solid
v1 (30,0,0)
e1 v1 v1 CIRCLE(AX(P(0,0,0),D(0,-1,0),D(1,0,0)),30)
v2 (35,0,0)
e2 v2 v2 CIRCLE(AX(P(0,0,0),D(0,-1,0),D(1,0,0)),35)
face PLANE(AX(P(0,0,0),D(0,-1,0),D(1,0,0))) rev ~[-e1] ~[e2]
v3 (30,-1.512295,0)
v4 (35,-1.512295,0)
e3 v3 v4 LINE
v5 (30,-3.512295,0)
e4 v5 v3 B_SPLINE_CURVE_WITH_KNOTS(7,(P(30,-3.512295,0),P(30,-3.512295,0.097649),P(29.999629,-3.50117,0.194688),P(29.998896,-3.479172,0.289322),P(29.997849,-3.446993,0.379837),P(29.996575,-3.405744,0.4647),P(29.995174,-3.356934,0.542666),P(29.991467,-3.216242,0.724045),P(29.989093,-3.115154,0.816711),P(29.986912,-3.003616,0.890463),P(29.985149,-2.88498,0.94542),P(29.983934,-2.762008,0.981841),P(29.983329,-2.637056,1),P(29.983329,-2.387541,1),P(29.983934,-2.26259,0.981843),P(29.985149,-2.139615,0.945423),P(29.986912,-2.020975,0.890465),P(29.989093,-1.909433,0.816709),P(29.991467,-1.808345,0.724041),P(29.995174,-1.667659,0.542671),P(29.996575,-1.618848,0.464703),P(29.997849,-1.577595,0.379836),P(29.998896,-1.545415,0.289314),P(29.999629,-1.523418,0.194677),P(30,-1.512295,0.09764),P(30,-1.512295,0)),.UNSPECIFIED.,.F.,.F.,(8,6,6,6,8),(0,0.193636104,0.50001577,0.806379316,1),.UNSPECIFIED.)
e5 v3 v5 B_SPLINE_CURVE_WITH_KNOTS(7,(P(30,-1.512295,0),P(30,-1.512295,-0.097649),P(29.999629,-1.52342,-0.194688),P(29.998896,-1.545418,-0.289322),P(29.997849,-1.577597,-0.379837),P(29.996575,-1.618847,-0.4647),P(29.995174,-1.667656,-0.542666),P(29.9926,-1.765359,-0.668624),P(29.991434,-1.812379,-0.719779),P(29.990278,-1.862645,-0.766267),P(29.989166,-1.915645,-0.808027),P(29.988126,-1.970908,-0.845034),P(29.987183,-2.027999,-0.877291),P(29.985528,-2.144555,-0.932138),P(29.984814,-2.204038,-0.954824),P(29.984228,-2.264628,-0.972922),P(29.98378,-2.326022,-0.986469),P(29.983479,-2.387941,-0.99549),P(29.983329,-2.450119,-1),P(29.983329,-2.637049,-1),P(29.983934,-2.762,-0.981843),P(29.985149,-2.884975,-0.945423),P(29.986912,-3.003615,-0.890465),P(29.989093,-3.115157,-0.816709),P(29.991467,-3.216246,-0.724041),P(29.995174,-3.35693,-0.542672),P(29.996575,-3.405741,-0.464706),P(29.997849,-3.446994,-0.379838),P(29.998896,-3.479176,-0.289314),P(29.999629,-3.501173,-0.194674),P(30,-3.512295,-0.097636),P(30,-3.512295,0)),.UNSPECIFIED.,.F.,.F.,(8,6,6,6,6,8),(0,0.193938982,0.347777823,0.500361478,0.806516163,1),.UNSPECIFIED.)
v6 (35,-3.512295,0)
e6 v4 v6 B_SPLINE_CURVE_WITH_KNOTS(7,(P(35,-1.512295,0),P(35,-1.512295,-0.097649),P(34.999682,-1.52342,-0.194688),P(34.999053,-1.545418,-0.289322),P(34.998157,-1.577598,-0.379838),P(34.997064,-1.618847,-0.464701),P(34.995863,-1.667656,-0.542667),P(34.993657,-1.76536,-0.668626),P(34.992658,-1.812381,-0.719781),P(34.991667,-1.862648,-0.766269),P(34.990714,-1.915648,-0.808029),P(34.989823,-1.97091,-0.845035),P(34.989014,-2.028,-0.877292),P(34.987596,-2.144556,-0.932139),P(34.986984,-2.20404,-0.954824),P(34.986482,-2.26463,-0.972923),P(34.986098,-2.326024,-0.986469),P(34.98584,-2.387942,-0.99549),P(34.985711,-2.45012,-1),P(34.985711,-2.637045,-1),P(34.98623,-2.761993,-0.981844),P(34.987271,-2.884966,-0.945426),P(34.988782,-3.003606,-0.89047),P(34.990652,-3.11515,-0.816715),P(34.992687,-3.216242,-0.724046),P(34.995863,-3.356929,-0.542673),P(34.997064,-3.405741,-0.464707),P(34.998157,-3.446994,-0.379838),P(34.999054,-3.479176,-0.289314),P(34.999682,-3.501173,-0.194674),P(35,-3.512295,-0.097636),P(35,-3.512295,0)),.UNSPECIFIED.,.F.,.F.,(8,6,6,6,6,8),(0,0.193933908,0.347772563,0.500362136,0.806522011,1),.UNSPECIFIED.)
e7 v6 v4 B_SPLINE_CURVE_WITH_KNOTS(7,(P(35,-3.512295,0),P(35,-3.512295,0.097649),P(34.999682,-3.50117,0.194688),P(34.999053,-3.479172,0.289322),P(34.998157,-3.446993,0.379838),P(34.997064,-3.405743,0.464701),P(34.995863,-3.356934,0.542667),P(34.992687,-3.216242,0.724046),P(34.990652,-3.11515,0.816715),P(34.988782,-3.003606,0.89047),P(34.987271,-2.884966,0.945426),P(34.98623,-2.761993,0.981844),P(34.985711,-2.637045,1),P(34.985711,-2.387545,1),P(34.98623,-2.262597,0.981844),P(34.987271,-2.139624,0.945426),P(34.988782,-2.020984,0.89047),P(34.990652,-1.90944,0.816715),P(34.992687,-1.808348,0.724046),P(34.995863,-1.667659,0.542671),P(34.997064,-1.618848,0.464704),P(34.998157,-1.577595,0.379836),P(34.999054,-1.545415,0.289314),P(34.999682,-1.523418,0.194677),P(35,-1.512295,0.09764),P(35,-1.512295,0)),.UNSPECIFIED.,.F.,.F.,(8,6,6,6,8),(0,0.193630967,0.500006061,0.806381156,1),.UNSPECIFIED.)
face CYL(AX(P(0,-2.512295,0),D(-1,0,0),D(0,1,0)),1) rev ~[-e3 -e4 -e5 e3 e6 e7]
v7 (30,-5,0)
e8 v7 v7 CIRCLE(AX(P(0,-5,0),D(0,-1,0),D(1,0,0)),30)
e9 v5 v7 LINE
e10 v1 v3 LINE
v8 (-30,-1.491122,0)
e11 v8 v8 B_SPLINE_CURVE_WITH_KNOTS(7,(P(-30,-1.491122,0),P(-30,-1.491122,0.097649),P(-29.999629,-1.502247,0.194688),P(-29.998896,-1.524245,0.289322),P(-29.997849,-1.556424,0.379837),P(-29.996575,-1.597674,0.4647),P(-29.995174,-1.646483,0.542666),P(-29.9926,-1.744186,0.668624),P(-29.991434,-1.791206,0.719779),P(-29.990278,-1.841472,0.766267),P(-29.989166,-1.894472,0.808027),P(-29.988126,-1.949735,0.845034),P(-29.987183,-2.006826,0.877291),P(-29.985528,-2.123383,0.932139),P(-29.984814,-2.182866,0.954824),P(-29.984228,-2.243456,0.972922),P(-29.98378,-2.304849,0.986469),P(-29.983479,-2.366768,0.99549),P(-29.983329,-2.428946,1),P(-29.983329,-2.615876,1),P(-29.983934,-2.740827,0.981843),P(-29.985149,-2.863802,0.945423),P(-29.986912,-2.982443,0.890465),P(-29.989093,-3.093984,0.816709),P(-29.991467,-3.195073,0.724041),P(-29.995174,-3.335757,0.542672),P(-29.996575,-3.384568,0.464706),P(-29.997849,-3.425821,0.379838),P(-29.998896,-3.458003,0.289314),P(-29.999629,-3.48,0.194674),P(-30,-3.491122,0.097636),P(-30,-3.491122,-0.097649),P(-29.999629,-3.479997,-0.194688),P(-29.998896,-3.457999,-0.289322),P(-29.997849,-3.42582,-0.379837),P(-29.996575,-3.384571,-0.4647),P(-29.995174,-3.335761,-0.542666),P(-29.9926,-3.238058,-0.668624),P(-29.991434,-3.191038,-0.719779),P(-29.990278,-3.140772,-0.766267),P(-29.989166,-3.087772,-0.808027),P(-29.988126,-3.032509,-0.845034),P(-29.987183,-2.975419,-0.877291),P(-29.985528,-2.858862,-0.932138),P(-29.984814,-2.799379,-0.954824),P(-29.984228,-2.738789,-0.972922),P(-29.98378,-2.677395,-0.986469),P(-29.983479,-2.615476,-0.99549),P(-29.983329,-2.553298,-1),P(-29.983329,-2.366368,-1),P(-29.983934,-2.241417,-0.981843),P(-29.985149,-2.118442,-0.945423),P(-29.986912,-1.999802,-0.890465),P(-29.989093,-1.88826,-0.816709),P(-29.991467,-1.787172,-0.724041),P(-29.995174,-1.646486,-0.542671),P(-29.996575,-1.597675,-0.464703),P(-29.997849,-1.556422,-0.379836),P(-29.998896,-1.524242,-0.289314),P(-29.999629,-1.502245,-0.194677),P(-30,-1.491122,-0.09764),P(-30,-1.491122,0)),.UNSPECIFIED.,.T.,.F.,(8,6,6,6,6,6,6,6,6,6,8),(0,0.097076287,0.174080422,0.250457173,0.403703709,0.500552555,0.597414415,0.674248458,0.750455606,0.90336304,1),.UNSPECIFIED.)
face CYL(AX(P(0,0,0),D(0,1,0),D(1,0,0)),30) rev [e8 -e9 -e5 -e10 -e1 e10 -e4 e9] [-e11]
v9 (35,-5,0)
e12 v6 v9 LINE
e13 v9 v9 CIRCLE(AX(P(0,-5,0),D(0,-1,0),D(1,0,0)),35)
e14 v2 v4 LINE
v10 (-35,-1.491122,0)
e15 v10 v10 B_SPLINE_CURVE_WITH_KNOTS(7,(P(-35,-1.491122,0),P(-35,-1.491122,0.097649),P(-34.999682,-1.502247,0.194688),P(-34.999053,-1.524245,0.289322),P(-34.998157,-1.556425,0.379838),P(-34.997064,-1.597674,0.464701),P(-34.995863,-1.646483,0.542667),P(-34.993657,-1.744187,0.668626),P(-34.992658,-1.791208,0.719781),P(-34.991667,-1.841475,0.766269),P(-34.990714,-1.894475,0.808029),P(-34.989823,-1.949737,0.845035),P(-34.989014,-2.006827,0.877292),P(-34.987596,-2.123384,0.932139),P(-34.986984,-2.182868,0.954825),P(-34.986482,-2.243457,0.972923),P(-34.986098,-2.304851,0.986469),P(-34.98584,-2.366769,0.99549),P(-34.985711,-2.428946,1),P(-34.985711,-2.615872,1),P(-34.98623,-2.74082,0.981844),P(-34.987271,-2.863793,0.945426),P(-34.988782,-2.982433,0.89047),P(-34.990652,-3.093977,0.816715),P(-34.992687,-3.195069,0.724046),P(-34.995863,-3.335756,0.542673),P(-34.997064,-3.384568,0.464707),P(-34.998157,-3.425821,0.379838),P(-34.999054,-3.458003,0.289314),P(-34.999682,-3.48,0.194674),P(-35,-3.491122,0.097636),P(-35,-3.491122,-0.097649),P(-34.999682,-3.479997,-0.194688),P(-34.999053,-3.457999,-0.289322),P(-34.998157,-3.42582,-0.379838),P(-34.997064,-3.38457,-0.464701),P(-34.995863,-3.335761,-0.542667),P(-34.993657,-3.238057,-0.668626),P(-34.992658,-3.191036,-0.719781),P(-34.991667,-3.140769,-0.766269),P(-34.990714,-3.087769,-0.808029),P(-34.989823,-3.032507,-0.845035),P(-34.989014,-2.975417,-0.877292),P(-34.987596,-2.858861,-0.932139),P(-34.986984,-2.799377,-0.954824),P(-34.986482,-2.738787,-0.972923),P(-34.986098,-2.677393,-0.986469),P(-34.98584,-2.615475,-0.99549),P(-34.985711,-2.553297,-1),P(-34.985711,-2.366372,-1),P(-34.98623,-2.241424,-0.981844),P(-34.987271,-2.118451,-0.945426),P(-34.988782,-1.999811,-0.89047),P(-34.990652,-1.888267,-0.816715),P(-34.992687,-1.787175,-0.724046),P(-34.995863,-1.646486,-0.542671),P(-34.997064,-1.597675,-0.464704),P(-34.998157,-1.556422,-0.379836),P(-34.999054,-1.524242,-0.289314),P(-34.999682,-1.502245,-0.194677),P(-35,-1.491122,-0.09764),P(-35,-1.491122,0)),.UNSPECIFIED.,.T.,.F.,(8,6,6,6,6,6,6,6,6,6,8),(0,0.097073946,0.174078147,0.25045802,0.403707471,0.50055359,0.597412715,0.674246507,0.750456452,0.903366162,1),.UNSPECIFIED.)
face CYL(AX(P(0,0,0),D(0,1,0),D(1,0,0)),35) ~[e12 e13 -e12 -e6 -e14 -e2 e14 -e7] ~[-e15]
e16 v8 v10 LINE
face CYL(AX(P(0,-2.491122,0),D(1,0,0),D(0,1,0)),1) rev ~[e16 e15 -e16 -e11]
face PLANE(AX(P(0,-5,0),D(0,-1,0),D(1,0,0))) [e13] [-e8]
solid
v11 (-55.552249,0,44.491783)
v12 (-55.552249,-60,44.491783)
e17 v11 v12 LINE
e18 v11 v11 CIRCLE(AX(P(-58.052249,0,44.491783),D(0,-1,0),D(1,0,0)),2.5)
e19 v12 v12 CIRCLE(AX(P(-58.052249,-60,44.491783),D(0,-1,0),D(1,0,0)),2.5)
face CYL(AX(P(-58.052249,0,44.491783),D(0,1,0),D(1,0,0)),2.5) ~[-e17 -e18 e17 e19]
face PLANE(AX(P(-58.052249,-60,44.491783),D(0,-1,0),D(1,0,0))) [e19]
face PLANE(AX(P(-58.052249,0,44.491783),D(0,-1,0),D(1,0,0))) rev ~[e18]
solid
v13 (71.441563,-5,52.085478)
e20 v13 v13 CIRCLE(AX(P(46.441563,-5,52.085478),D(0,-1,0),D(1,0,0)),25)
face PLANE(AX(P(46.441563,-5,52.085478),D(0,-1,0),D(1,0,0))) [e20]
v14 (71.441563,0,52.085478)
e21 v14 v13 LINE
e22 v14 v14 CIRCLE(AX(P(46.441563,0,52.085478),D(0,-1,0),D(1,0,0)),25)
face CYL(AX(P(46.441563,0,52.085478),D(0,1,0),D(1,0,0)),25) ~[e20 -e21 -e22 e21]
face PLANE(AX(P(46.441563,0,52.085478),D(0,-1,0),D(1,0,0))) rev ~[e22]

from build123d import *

# Parameters (mm, degrees)
F0_R     = 35
F0_R_2   = 30
F1_DEPTH = 5
F3_D     = 2
F3_DEPTH = 45
F3_TIP   = 0.600860619
F5_D     = 2
F5_DEPTH = 100
F5_TIP   = 0.600860619
F6_R     = 25
F7_DEPTH = 5
F8_R     = 2.5
F9_DEPTH = 60


with BuildPart() as f1:
    # F0 (on Front) → F1 (new body)
    with BuildSketch(Plane.XZ):
        Circle(F0_R)
        Circle(F0_R_2, mode=Mode.SUBTRACT)
    extrude(amount=F1_DEPTH)

    # F3 (one way)
    with BuildSketch(Plane.YZ):
        with Locations((-2.4911221117, 0)):
            Circle(F3_D / 2)
    extrude(amount=-F3_DEPTH, mode=Mode.SUBTRACT)
    with Locations(Plane.YZ):
        with Locations((-2.4911221117, 0)):
            with Locations((0, 0, -(F3_DEPTH + F3_TIP / 2))):  # 118° drill point
                Cone(0, F3_D / 2, F3_TIP, mode=Mode.SUBTRACT)

    # F5 (one way)
    with BuildSketch(Plane(origin=(0, 0, 0), x_dir=(0, 1, 0), z_dir=(-1, 0, 0))):
        with Locations((-2.5122950319, 0)):
            Circle(F5_D / 2)
    extrude(amount=-F5_DEPTH, mode=Mode.SUBTRACT)
    with Locations(Plane(origin=(0, 0, 0), x_dir=(0, 1, 0), z_dir=(-1, 0, 0))):
        with Locations((-2.5122950319, 0)):
            with Locations((0, 0, -(F5_DEPTH + F5_TIP / 2))):  # 118° drill point
                Cone(0, F5_D / 2, F5_TIP, mode=Mode.SUBTRACT)


with BuildPart() as f7:
    # F6 (on Front) → F7 (new body)
    with BuildSketch(Plane.XZ):
        with Locations((46.4415626587, 52.0854784032)):
            Circle(F6_R)
    extrude(amount=F7_DEPTH)


with BuildPart() as f9:
    # F8 (on Front) → F9 (new body)
    with BuildSketch(Plane.XZ):
        with Locations((-58.0522492528, 44.4917827845)):
            Circle(F8_R)
    extrude(amount=F9_DEPTH)


solid = Compound([f1.part, f7.part, f9.part])
